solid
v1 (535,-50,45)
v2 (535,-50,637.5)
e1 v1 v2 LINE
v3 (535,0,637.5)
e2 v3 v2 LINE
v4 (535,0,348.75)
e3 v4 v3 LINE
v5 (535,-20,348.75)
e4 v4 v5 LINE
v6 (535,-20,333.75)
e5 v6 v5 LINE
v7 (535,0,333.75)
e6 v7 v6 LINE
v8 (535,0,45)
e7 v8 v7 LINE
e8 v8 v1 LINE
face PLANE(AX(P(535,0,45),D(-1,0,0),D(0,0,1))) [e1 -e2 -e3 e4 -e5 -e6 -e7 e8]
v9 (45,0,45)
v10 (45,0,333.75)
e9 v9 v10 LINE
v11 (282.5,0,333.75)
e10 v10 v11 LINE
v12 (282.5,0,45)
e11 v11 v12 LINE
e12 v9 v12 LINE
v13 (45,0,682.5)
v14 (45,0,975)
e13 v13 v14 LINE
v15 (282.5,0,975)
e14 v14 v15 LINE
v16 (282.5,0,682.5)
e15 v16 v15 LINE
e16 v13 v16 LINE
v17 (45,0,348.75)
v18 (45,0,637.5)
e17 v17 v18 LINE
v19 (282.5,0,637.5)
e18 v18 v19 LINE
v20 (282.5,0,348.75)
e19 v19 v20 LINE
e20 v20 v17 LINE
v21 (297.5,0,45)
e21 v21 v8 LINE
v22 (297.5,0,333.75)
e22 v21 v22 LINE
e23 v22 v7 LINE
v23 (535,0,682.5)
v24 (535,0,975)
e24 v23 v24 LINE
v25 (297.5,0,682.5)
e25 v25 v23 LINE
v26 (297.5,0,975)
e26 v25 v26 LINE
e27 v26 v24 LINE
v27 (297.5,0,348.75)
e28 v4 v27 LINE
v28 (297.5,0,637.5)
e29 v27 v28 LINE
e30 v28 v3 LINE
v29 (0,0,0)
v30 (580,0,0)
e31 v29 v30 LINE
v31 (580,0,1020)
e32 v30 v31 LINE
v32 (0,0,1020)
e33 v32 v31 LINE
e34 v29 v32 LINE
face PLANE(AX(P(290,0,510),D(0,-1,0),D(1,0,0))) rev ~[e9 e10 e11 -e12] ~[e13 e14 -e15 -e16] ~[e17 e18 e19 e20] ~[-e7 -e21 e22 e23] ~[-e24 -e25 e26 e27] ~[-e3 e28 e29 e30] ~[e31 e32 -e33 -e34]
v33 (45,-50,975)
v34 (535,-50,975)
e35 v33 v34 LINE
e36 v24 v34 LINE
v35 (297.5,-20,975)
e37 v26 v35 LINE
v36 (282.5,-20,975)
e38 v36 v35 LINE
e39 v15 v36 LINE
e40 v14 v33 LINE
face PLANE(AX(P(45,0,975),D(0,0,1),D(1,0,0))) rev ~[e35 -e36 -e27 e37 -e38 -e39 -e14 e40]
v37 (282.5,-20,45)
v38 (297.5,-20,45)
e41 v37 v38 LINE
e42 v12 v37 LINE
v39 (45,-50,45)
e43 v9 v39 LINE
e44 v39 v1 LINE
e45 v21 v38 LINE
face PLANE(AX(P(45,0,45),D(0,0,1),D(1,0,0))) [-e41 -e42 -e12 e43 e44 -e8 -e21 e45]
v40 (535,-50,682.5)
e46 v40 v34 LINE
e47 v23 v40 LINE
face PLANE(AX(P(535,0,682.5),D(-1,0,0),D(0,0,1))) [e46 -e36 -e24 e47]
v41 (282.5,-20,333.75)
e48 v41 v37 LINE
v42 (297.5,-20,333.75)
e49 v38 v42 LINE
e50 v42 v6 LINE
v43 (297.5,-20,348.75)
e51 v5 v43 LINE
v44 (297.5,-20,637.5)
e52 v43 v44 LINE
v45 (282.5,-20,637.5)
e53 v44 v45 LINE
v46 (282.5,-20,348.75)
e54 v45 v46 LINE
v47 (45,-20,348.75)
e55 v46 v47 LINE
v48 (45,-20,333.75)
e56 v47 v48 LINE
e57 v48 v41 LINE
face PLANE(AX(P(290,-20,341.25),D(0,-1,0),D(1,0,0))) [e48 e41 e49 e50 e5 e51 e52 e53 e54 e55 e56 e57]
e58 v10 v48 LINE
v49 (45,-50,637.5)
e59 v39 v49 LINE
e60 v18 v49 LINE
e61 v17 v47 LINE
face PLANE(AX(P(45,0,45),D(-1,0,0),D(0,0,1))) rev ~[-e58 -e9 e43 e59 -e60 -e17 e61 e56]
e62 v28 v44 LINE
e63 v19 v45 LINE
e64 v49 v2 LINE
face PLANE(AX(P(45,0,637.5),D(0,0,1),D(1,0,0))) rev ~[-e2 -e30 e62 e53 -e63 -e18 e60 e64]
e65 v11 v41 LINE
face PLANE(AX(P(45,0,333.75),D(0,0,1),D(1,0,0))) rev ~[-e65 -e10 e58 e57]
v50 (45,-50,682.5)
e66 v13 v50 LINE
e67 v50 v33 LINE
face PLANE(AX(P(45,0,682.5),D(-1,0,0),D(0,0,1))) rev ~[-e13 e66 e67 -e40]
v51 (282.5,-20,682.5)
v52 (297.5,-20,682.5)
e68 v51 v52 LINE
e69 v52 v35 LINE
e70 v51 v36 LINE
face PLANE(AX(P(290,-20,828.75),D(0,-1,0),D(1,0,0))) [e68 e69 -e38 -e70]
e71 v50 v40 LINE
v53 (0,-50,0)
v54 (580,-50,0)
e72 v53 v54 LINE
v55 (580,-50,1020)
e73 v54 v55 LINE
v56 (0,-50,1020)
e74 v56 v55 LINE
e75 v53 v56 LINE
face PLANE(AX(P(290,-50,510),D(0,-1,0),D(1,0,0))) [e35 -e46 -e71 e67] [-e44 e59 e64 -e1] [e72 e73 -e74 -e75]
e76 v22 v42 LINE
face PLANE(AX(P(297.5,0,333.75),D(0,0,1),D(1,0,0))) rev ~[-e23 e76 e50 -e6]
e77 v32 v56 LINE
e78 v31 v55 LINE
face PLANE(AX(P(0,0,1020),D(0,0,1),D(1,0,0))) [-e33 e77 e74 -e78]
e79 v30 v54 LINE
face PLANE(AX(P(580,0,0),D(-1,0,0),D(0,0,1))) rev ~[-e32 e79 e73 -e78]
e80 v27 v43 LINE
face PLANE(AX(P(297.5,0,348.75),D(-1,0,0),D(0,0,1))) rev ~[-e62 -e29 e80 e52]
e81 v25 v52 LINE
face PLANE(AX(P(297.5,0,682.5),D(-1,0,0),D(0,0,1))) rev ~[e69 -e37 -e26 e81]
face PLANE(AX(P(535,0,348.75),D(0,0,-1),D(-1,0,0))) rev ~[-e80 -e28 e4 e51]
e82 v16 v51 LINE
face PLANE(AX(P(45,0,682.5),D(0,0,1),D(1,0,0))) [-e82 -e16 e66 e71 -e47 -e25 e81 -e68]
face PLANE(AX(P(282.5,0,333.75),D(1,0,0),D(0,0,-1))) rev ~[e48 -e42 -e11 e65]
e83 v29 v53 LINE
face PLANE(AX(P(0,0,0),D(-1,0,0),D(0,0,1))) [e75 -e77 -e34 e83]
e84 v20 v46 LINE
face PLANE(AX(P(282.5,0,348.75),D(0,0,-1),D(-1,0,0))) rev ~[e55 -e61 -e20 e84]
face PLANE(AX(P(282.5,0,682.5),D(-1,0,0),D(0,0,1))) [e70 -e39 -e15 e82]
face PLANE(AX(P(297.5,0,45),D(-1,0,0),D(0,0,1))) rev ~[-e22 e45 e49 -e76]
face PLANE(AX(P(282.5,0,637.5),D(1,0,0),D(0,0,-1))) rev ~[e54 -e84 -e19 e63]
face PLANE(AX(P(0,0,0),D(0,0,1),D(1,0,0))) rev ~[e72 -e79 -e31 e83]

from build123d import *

# Parameters (mm, degrees)
F0_W     = 580
F0_H     = 1020
F0_W_2   = 490
F0_H_2   = 592.5
F0_H_3   = 292.5
F1_DEPTH = 50
F2_W     = 15
F2_H     = 292.5
F3_DEPTH = 20


with BuildPart() as f1:
    # F0 (on Front) → F1 (new body)
    with BuildSketch(Plane.XZ):
        with Locations((290, 510)):
            Rectangle(F0_W, F0_H)
        with Locations((290, 341.25)):
            Rectangle(F0_W_2, F0_H_2, mode=Mode.SUBTRACT)
        with Locations((290, 828.75)):
            Rectangle(F0_W_2, F0_H_3, mode=Mode.SUBTRACT)
    extrude(amount=F1_DEPTH)

    # F2 (on Front) → F3 (join)
    with BuildSketch(Plane.XZ):
        with Locations((290, 828.75)):
            Rectangle(F2_W, F2_H)
        Polygon((297.5, 637.5), (282.5, 637.5), (282.5, 348.75), (45, 348.75), (45, 333.75), (282.5, 333.75), (282.5, 45), (297.5, 45), (297.5, 333.75), (535, 333.75), (535, 348.75), (297.5, 348.75), align=None)
    extrude(amount=F3_DEPTH)


solid = f1.part
